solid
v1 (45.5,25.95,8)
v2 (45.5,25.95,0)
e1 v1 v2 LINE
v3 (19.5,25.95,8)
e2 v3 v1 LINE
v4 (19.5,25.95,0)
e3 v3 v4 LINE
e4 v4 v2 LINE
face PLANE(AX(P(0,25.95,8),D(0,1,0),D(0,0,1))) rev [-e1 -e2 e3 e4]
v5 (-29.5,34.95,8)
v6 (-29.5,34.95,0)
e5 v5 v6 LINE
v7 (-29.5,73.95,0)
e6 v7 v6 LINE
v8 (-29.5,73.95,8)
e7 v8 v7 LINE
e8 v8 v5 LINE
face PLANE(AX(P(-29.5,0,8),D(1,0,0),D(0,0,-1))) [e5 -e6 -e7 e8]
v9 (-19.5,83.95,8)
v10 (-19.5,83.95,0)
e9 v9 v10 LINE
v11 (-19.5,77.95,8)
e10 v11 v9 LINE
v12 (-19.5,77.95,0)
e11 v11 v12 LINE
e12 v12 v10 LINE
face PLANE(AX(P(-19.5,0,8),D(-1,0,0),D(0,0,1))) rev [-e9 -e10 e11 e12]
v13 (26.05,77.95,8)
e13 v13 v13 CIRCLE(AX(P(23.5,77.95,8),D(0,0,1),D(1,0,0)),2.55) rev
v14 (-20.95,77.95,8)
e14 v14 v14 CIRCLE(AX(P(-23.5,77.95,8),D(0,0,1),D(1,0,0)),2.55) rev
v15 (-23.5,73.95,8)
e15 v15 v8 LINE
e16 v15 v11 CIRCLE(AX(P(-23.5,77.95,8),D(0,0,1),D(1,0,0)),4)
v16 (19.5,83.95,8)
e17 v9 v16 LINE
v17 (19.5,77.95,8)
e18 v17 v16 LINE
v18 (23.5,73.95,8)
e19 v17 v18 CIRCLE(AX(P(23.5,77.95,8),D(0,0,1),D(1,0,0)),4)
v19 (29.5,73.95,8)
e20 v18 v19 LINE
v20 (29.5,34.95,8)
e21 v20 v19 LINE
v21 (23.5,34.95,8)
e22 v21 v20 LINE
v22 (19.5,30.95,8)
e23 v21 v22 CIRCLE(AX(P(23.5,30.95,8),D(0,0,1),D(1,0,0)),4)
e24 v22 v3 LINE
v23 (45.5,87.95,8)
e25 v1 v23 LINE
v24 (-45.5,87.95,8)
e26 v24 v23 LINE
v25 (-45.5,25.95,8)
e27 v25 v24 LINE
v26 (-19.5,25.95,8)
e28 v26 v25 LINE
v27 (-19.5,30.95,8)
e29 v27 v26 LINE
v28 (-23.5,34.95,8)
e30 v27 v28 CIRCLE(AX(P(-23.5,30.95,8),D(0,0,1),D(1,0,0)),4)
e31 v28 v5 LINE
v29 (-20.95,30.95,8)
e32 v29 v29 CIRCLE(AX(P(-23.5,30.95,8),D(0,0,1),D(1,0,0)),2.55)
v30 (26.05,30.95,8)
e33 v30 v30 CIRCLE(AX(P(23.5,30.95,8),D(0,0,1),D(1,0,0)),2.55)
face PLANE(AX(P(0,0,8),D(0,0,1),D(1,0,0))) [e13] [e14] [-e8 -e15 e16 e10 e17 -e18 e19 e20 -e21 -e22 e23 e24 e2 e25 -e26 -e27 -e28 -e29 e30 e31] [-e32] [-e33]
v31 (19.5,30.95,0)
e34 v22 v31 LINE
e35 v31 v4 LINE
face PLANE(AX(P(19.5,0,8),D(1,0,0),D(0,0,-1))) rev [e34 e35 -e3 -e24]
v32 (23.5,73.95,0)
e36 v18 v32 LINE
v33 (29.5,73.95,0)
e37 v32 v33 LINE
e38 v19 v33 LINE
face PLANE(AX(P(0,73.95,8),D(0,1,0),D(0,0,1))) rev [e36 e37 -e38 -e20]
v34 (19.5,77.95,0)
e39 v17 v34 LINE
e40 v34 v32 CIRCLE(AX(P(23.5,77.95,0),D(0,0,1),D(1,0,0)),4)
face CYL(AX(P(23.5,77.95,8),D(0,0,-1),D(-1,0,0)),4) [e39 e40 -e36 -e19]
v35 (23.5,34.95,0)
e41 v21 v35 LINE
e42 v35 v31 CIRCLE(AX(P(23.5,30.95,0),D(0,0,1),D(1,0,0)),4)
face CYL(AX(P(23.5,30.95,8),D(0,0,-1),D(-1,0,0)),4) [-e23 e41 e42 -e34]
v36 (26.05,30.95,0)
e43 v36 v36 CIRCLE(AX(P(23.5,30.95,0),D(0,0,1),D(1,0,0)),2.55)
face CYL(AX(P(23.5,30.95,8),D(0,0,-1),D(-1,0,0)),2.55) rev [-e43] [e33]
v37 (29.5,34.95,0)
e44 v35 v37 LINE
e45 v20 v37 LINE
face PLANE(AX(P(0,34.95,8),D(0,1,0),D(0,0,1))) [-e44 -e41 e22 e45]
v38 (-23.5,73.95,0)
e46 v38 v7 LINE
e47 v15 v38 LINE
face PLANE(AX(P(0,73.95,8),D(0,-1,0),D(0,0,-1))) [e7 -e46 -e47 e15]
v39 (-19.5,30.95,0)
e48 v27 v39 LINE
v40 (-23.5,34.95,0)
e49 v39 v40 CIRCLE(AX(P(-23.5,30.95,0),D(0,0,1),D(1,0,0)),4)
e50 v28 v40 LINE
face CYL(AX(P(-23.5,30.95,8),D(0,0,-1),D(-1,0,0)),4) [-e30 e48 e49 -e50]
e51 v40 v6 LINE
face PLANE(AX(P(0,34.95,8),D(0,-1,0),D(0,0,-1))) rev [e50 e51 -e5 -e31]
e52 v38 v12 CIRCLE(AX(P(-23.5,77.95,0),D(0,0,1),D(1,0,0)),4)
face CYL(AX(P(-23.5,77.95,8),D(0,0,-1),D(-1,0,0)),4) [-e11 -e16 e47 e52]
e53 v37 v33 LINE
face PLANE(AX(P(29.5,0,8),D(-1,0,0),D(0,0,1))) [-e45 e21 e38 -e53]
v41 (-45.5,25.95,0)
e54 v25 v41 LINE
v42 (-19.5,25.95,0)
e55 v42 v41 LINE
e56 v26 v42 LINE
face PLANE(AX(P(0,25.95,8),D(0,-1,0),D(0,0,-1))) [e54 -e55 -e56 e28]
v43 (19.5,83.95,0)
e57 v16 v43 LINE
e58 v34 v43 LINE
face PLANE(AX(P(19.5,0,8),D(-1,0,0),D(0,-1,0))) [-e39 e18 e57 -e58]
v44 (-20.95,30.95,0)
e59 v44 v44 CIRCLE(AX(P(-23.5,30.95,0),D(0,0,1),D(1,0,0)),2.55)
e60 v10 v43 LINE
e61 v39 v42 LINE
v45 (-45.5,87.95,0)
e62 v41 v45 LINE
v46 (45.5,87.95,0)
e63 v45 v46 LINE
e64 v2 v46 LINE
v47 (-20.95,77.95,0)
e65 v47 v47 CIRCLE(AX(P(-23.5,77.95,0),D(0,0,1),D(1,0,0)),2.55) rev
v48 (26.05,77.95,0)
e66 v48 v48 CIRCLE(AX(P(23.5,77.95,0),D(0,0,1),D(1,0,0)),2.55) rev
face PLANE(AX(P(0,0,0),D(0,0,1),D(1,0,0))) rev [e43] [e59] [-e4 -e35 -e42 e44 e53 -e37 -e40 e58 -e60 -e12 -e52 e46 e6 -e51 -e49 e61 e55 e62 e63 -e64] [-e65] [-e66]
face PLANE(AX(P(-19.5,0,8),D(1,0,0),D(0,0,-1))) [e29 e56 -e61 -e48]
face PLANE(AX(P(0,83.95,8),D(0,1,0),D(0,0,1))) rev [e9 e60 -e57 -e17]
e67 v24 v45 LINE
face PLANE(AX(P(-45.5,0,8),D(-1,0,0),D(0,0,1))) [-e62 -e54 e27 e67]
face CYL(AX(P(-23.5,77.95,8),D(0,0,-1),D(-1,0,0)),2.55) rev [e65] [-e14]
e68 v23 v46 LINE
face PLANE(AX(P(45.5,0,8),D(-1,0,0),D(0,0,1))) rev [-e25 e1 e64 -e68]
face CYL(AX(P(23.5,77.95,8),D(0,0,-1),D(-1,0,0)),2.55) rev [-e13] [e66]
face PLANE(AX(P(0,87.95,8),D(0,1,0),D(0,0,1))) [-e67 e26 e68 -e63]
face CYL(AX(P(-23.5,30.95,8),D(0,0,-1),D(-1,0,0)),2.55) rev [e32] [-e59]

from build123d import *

# Parameters (mm, degrees)
ESQUISSE1_R        = 2.55
BOSS_EXTRU_2_DEPTH = 8


with BuildPart() as part:
    # Esquisse1 → Boss.-Extru.2 (new body)
    with BuildSketch(Plane.XY):
        with BuildLine():
            Line((-45.5, 82.95), (-45.5, 26.95))
            Line((-45.5, 26.95), (-45.5, 25.95))
            Line((-45.5, 25.95), (-19.5, 25.95))
            Line((-19.5, 25.95), (-19.5, 30.95))
            ThreePointArc((-19.5, 30.95), (-20.671572875, 33.778427125), (-23.5, 34.95))
            Line((-23.5, 34.95), (-29.5, 34.95))
            Line((-29.5, 34.95), (-29.5, 73.95))
            Line((-29.5, 73.95), (-23.5, 73.95))
            ThreePointArc((-23.5, 73.95), (-20.671572875, 75.121572875), (-19.5, 77.95))
            Line((-19.5, 77.95), (-19.5, 82.95))
            Line((-19.5, 82.95), (-19.5, 83.95))
            Line((-19.5, 83.95), (-18.5, 83.95))
            Line((-18.5, 83.95), (18.5, 83.95))
            Line((18.5, 83.95), (19.5, 83.95))
            Line((19.5, 83.95), (19.5, 82.95))
            Line((19.5, 82.95), (19.5, 77.95))
            ThreePointArc((19.5, 77.95), (20.671572875, 75.121572875), (23.5, 73.95))
            Line((23.5, 73.95), (29.5, 73.95))
            Line((29.5, 73.95), (29.5, 34.95))
            Line((29.5, 34.95), (23.5, 34.95))
            ThreePointArc((23.5, 34.95), (20.671572875, 33.778427125), (19.5, 30.95))
            Line((19.5, 30.95), (19.5, 25.95))
            Line((19.5, 25.95), (28.5, 25.95))
            Line((28.5, 25.95), (45.5, 25.95))
            Line((45.5, 25.95), (45.5, 26.95))
            Line((45.5, 26.95), (45.5, 82.95))
            Line((45.5, 82.95), (45.5, 87.95))
            Line((45.5, 87.95), (-45.5, 87.95))
            Line((-45.5, 87.95), (-45.5, 82.95))
        make_face()
        with Locations((-23.5, 30.95)):
            Circle(ESQUISSE1_R, mode=Mode.SUBTRACT)
        with Locations((23.5, 30.95)):
            Circle(ESQUISSE1_R, mode=Mode.SUBTRACT)
        with Locations((-23.5, 77.95)):
            Circle(ESQUISSE1_R, mode=Mode.SUBTRACT)
        with Locations((23.5, 77.95)):
            Circle(ESQUISSE1_R, mode=Mode.SUBTRACT)
    extrude(amount=BOSS_EXTRU_2_DEPTH)


solid = part.part
